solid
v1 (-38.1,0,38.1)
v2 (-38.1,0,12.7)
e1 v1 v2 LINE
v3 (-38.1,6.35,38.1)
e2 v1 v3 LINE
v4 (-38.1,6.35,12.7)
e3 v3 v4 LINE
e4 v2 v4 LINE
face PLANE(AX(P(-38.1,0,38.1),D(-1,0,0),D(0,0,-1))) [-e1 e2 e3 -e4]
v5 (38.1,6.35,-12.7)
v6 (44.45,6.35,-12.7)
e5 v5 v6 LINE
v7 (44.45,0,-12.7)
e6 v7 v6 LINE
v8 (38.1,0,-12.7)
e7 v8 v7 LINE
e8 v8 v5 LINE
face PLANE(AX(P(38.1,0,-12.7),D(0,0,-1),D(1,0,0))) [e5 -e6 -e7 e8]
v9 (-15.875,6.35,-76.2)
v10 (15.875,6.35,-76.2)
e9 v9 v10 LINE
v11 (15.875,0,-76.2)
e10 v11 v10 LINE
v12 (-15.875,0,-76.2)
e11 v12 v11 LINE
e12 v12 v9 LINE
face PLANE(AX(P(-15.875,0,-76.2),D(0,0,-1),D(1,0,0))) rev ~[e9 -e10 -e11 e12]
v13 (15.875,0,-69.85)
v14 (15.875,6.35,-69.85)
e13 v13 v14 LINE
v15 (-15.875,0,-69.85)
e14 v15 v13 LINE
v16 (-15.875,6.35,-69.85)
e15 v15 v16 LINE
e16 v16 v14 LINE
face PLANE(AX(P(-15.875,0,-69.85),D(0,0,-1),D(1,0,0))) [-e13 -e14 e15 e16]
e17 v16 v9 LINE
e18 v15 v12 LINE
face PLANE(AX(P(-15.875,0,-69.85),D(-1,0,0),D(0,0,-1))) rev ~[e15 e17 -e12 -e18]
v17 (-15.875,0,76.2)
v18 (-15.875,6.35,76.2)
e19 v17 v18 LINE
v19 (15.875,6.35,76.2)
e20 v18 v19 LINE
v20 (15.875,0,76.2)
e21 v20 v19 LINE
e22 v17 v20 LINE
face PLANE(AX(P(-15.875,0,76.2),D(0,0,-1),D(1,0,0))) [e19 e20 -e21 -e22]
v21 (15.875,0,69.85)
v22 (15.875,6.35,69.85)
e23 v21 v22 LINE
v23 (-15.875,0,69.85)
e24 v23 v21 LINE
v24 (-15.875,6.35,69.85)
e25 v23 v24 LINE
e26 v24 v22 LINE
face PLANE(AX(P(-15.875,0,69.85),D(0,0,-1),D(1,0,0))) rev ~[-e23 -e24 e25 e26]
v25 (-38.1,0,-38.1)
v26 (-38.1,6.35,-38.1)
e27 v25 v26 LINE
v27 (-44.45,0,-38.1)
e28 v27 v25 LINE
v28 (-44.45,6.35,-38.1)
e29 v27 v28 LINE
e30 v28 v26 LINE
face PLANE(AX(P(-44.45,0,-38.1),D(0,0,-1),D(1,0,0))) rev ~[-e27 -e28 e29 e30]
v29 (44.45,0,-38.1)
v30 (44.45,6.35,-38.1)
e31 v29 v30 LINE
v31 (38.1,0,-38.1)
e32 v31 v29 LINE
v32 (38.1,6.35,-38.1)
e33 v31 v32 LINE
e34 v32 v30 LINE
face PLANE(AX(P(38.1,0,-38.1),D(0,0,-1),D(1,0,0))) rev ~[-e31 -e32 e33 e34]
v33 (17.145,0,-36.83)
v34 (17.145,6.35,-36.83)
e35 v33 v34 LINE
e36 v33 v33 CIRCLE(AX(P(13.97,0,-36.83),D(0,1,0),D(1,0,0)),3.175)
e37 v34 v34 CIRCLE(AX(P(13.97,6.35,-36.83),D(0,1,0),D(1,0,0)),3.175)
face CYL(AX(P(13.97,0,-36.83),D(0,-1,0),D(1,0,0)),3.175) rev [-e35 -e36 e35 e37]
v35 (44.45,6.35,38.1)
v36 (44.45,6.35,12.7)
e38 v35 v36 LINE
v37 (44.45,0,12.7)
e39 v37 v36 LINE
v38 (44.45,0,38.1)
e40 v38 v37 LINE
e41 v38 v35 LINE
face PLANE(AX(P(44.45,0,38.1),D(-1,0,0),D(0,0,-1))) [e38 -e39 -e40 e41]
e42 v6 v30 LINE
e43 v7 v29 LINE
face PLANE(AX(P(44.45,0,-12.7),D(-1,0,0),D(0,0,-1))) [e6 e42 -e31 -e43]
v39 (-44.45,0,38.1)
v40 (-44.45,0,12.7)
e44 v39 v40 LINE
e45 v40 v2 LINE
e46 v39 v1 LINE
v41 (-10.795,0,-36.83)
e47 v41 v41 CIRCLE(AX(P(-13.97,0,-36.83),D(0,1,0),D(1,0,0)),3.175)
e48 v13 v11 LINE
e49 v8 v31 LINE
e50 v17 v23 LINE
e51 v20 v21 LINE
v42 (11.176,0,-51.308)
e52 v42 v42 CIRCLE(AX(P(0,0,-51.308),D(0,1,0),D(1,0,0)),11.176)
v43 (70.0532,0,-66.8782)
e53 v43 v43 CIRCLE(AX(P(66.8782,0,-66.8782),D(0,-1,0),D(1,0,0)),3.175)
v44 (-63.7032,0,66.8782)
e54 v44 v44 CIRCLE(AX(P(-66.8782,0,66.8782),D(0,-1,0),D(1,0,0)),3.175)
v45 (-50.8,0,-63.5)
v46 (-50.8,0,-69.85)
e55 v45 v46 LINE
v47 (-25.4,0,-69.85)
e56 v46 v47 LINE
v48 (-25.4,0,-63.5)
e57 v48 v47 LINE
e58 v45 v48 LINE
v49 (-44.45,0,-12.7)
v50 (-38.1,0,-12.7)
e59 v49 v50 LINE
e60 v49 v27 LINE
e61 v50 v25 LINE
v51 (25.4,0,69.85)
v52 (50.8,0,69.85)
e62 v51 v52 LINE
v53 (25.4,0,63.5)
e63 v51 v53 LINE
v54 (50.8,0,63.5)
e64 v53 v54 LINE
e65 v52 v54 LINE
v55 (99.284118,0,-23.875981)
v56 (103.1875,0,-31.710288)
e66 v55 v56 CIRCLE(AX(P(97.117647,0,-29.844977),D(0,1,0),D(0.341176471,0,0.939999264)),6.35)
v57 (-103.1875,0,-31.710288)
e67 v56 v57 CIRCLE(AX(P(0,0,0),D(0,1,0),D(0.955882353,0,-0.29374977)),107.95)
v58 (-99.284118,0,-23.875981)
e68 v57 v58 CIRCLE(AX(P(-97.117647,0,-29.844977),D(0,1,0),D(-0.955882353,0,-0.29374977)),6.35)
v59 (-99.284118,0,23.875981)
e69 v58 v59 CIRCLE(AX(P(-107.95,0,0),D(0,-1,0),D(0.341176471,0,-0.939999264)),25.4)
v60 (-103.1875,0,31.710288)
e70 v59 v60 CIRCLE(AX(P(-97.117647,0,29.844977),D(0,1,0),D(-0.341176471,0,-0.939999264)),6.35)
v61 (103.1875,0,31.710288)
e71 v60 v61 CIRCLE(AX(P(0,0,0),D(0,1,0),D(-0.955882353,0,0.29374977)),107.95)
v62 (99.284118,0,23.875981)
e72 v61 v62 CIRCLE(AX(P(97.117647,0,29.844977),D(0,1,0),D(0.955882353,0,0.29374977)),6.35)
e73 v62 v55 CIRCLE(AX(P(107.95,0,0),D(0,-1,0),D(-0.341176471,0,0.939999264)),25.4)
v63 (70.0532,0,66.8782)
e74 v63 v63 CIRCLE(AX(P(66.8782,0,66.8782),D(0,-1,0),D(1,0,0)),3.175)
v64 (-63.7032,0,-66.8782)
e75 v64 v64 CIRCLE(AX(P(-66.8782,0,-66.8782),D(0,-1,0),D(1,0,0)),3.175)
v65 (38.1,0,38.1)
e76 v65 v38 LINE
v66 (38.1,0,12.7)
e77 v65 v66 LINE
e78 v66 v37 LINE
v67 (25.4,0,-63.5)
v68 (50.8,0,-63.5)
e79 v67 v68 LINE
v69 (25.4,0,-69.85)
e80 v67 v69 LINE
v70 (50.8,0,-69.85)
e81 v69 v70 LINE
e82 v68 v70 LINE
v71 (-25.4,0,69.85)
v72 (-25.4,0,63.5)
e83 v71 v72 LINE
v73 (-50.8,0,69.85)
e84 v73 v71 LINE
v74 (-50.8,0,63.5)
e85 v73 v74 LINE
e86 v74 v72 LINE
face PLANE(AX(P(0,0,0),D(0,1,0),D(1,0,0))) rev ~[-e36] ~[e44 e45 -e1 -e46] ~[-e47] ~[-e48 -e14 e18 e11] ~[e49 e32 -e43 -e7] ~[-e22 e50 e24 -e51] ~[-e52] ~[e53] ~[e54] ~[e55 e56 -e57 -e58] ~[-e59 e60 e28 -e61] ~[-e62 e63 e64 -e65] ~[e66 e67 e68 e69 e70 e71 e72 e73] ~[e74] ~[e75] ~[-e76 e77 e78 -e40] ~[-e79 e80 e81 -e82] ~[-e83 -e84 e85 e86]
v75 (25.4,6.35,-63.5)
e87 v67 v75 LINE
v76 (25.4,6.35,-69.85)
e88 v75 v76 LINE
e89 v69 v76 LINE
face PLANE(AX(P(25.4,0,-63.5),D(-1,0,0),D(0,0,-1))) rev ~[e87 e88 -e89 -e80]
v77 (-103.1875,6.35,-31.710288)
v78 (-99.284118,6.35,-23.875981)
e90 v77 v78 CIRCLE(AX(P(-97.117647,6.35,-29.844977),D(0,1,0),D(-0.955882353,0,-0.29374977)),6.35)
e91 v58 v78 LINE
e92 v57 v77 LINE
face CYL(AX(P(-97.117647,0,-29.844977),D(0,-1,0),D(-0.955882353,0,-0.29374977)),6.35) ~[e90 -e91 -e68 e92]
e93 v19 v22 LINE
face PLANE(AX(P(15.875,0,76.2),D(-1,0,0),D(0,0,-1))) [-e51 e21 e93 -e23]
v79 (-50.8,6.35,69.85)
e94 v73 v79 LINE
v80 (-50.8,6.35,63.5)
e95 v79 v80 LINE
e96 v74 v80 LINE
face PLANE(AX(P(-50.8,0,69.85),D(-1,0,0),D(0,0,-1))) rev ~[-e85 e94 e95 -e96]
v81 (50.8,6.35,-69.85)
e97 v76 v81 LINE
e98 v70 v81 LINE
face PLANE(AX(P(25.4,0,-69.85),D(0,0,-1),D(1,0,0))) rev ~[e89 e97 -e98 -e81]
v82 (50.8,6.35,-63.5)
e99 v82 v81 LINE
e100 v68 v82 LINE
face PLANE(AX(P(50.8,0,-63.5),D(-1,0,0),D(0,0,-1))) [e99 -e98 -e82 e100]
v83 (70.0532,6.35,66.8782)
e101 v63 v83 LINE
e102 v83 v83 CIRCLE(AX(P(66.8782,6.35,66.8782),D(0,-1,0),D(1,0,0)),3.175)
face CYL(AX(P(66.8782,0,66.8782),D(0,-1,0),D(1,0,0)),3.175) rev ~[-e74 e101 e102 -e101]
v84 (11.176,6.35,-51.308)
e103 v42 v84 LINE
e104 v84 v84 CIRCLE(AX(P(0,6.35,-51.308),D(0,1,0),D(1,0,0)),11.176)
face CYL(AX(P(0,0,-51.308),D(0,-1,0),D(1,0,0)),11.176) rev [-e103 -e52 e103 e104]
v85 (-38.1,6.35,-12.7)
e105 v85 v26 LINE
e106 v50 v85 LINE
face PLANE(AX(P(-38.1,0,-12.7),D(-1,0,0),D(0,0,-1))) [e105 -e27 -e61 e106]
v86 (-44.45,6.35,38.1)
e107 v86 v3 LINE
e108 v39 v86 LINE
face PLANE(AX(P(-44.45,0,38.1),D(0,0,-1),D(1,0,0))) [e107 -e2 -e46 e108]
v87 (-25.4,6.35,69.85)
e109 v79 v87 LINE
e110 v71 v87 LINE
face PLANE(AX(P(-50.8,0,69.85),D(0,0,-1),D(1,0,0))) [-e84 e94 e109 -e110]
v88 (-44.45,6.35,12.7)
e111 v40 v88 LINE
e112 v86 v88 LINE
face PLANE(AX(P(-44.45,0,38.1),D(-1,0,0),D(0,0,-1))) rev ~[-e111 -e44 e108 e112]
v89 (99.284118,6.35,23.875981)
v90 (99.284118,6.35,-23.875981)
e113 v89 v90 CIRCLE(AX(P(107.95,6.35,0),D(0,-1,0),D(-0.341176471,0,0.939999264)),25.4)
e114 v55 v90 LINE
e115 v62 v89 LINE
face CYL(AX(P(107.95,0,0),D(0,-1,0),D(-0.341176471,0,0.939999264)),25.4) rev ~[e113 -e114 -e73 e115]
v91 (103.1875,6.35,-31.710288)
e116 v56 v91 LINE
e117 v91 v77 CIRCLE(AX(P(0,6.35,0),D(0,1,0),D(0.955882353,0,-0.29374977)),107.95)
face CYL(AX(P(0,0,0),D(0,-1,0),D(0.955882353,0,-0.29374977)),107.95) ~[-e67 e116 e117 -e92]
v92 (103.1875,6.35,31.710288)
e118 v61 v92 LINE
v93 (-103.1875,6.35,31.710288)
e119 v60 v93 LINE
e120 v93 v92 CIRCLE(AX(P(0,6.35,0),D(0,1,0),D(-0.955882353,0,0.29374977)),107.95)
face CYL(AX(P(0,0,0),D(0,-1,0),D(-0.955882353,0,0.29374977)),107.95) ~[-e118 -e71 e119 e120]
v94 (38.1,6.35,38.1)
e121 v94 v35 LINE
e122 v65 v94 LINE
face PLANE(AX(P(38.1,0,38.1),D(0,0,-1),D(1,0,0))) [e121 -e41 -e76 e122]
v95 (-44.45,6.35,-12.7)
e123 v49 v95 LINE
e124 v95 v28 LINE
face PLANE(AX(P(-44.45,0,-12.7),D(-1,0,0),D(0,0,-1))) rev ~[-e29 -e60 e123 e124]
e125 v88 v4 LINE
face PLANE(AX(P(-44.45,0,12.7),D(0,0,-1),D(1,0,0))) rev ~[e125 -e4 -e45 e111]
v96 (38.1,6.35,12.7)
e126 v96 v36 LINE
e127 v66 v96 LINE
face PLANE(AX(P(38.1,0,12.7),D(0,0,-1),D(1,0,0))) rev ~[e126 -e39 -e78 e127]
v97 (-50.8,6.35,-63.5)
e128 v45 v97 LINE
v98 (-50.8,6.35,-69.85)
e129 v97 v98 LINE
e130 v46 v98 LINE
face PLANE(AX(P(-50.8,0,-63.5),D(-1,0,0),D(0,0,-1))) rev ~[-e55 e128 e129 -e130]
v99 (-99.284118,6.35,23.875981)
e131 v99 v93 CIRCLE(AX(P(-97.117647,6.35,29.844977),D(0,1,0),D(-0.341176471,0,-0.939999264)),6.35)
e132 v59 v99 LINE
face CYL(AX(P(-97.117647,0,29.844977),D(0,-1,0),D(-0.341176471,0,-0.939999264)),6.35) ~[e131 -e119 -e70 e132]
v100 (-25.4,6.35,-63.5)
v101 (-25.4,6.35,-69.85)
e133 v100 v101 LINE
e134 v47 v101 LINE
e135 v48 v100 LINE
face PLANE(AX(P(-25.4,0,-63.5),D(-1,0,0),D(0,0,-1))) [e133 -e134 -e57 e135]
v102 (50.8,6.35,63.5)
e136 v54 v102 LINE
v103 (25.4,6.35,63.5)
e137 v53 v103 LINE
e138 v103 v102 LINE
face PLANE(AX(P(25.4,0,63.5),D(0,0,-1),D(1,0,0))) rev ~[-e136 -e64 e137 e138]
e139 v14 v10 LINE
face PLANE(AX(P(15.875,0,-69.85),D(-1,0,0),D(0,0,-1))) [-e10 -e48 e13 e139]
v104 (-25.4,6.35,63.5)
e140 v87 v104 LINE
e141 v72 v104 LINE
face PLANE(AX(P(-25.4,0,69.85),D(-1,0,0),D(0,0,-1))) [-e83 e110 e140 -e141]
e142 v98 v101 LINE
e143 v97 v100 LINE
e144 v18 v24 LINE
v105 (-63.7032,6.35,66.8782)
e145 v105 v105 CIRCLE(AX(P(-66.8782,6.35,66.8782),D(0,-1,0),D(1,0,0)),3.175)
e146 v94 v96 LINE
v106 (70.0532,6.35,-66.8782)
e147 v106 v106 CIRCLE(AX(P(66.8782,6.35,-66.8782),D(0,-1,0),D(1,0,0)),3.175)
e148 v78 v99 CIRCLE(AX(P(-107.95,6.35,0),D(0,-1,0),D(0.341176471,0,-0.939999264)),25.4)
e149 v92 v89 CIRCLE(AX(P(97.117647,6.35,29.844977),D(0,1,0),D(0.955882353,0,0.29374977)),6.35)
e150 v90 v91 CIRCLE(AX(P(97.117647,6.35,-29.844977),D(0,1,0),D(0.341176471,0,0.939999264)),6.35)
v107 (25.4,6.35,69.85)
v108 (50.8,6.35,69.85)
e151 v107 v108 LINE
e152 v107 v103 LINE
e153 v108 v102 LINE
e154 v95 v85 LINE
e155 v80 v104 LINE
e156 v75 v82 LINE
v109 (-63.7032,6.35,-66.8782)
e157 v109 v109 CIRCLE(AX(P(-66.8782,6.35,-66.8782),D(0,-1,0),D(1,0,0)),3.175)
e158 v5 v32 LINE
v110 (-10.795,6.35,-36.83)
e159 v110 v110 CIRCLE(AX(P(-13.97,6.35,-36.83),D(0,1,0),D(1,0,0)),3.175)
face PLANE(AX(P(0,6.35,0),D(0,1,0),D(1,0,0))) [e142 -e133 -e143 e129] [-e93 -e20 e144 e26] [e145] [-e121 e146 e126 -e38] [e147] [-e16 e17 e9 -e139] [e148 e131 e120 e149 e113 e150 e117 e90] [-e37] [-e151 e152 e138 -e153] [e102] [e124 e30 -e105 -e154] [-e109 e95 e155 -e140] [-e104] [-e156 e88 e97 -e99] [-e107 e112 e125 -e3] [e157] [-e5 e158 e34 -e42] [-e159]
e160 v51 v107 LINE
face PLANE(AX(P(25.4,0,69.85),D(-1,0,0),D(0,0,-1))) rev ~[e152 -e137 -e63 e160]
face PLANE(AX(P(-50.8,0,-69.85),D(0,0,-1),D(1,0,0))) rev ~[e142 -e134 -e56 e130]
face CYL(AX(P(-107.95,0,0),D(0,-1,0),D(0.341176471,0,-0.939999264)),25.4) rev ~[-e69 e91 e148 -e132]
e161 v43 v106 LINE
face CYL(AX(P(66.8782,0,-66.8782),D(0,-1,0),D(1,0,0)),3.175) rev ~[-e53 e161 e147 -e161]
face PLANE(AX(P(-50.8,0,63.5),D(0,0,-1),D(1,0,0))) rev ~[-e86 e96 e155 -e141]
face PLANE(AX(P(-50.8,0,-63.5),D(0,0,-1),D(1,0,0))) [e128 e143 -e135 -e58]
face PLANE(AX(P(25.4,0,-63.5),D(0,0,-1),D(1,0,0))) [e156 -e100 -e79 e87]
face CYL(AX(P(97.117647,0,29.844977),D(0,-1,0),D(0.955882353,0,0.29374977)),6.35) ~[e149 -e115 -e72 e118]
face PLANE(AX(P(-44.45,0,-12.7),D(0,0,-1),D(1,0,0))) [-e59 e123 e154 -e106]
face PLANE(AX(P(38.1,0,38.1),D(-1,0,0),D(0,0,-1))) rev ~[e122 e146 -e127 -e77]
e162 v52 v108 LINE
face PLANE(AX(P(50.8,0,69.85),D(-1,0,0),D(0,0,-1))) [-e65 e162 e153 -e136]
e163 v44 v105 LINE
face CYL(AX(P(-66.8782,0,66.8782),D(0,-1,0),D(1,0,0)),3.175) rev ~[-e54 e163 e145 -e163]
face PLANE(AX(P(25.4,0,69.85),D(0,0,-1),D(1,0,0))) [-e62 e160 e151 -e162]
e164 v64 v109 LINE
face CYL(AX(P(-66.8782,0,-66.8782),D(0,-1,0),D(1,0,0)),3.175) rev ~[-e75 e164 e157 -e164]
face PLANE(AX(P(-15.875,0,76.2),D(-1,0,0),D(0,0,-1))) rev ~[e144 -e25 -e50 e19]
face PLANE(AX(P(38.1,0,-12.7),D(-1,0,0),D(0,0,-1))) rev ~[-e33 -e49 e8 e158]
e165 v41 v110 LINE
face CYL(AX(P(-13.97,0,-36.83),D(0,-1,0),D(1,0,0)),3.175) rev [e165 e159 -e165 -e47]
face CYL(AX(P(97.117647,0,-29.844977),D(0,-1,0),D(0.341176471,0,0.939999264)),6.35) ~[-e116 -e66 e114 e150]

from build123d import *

# Parameters (mm, degrees)
SKETCH1_R           = 11.176
SKETCH1_R_2         = 3.175
SKETCH1_W           = 25.4
SKETCH1_H           = 6.35
SKETCH1_W_2         = 6.35
SKETCH1_H_2         = 25.4
SKETCH1_W_3         = 31.75
BOSS_EXTRUDE1_DEPTH = 6.35
SKETCH2_R           = 3.175
CUT_EXTRUDE1_DEPTH  = 6.35


with BuildPart() as part:
    # Sketch1 → Boss-Extrude1 (new body)
    with BuildSketch(Plane(origin=(0, 0, 0), x_dir=(1, 0, 0), z_dir=(0, 1, 0))):
        with BuildLine():
            ThreePointArc((-103.1875, -31.710287664), (0, -107.95), (103.1875, -31.710287664))
            ThreePointArc((103.1875, -31.710287664), (102.801250262, -27.013165433), (99.284117647, -23.8759813))
            ThreePointArc((99.284117647, -23.8759813), (82.55, 0), (99.284117647, 23.8759813))
            ThreePointArc((99.284117647, 23.8759813), (102.801250262, 27.013165433), (103.1875, 31.710287664))
            ThreePointArc((103.1875, 31.710287664), (0, 107.95), (-103.1875, 31.710287664))
            ThreePointArc((-103.1875, 31.710287664), (-102.801250262, 27.013165433), (-99.284117647, 23.8759813))
            ThreePointArc((-99.284117647, 23.8759813), (-82.55, 0), (-99.284117647, -23.8759813))
            ThreePointArc((-99.284117647, -23.8759813), (-102.801250262, -27.013165433), (-103.1875, -31.710287664))
        make_face()
        with Locations((0, 51.308)):
            Circle(SKETCH1_R, mode=Mode.SUBTRACT)
        with Locations((13.97, 36.83)):
            Circle(SKETCH1_R_2, mode=Mode.SUBTRACT)
        with Locations((-13.97, 36.83)):
            Circle(SKETCH1_R_2, mode=Mode.SUBTRACT)
        with Locations((-38.1, 66.675)):
            Rectangle(SKETCH1_W, SKETCH1_H, mode=Mode.SUBTRACT)
        with Locations((38.1, 66.675)):
            Rectangle(SKETCH1_W, SKETCH1_H, mode=Mode.SUBTRACT)
        with Locations((-38.1, -66.675)):
            Rectangle(SKETCH1_W, SKETCH1_H, mode=Mode.SUBTRACT)
        with Locations((38.1, -66.675)):
            Rectangle(SKETCH1_W, SKETCH1_H, mode=Mode.SUBTRACT)
        with Locations((41.275, -25.4)):
            Rectangle(SKETCH1_W_2, SKETCH1_H_2, mode=Mode.SUBTRACT)
        with Locations((41.275, 25.4)):
            Rectangle(SKETCH1_W_2, SKETCH1_H_2, mode=Mode.SUBTRACT)
        with Locations((-41.275, -25.4)):
            Rectangle(SKETCH1_W_2, SKETCH1_H_2, mode=Mode.SUBTRACT)
        with Locations((-41.275, 25.4)):
            Rectangle(SKETCH1_W_2, SKETCH1_H_2, mode=Mode.SUBTRACT)
        with Locations((0, 73.025)):
            Rectangle(SKETCH1_W_3, SKETCH1_H, mode=Mode.SUBTRACT)
        with Locations((0, -73.025)):
            Rectangle(SKETCH1_W_3, SKETCH1_H, mode=Mode.SUBTRACT)
    extrude(amount=BOSS_EXTRUDE1_DEPTH)

    # Sketch2 → Cut-Extrude1 (cut)
    with BuildSketch(Plane.XZ):
        with Locations((-66.8782, 66.8782)):
            Circle(SKETCH2_R)
        with Locations((66.8782, 66.8782)):
            Circle(SKETCH2_R)
        with Locations((66.8782, -66.8782)):
            Circle(SKETCH2_R)
        with Locations((-66.8782, -66.8782)):
            Circle(SKETCH2_R)
    extrude(amount=-CUT_EXTRUDE1_DEPTH, mode=Mode.SUBTRACT)


solid = part.part
